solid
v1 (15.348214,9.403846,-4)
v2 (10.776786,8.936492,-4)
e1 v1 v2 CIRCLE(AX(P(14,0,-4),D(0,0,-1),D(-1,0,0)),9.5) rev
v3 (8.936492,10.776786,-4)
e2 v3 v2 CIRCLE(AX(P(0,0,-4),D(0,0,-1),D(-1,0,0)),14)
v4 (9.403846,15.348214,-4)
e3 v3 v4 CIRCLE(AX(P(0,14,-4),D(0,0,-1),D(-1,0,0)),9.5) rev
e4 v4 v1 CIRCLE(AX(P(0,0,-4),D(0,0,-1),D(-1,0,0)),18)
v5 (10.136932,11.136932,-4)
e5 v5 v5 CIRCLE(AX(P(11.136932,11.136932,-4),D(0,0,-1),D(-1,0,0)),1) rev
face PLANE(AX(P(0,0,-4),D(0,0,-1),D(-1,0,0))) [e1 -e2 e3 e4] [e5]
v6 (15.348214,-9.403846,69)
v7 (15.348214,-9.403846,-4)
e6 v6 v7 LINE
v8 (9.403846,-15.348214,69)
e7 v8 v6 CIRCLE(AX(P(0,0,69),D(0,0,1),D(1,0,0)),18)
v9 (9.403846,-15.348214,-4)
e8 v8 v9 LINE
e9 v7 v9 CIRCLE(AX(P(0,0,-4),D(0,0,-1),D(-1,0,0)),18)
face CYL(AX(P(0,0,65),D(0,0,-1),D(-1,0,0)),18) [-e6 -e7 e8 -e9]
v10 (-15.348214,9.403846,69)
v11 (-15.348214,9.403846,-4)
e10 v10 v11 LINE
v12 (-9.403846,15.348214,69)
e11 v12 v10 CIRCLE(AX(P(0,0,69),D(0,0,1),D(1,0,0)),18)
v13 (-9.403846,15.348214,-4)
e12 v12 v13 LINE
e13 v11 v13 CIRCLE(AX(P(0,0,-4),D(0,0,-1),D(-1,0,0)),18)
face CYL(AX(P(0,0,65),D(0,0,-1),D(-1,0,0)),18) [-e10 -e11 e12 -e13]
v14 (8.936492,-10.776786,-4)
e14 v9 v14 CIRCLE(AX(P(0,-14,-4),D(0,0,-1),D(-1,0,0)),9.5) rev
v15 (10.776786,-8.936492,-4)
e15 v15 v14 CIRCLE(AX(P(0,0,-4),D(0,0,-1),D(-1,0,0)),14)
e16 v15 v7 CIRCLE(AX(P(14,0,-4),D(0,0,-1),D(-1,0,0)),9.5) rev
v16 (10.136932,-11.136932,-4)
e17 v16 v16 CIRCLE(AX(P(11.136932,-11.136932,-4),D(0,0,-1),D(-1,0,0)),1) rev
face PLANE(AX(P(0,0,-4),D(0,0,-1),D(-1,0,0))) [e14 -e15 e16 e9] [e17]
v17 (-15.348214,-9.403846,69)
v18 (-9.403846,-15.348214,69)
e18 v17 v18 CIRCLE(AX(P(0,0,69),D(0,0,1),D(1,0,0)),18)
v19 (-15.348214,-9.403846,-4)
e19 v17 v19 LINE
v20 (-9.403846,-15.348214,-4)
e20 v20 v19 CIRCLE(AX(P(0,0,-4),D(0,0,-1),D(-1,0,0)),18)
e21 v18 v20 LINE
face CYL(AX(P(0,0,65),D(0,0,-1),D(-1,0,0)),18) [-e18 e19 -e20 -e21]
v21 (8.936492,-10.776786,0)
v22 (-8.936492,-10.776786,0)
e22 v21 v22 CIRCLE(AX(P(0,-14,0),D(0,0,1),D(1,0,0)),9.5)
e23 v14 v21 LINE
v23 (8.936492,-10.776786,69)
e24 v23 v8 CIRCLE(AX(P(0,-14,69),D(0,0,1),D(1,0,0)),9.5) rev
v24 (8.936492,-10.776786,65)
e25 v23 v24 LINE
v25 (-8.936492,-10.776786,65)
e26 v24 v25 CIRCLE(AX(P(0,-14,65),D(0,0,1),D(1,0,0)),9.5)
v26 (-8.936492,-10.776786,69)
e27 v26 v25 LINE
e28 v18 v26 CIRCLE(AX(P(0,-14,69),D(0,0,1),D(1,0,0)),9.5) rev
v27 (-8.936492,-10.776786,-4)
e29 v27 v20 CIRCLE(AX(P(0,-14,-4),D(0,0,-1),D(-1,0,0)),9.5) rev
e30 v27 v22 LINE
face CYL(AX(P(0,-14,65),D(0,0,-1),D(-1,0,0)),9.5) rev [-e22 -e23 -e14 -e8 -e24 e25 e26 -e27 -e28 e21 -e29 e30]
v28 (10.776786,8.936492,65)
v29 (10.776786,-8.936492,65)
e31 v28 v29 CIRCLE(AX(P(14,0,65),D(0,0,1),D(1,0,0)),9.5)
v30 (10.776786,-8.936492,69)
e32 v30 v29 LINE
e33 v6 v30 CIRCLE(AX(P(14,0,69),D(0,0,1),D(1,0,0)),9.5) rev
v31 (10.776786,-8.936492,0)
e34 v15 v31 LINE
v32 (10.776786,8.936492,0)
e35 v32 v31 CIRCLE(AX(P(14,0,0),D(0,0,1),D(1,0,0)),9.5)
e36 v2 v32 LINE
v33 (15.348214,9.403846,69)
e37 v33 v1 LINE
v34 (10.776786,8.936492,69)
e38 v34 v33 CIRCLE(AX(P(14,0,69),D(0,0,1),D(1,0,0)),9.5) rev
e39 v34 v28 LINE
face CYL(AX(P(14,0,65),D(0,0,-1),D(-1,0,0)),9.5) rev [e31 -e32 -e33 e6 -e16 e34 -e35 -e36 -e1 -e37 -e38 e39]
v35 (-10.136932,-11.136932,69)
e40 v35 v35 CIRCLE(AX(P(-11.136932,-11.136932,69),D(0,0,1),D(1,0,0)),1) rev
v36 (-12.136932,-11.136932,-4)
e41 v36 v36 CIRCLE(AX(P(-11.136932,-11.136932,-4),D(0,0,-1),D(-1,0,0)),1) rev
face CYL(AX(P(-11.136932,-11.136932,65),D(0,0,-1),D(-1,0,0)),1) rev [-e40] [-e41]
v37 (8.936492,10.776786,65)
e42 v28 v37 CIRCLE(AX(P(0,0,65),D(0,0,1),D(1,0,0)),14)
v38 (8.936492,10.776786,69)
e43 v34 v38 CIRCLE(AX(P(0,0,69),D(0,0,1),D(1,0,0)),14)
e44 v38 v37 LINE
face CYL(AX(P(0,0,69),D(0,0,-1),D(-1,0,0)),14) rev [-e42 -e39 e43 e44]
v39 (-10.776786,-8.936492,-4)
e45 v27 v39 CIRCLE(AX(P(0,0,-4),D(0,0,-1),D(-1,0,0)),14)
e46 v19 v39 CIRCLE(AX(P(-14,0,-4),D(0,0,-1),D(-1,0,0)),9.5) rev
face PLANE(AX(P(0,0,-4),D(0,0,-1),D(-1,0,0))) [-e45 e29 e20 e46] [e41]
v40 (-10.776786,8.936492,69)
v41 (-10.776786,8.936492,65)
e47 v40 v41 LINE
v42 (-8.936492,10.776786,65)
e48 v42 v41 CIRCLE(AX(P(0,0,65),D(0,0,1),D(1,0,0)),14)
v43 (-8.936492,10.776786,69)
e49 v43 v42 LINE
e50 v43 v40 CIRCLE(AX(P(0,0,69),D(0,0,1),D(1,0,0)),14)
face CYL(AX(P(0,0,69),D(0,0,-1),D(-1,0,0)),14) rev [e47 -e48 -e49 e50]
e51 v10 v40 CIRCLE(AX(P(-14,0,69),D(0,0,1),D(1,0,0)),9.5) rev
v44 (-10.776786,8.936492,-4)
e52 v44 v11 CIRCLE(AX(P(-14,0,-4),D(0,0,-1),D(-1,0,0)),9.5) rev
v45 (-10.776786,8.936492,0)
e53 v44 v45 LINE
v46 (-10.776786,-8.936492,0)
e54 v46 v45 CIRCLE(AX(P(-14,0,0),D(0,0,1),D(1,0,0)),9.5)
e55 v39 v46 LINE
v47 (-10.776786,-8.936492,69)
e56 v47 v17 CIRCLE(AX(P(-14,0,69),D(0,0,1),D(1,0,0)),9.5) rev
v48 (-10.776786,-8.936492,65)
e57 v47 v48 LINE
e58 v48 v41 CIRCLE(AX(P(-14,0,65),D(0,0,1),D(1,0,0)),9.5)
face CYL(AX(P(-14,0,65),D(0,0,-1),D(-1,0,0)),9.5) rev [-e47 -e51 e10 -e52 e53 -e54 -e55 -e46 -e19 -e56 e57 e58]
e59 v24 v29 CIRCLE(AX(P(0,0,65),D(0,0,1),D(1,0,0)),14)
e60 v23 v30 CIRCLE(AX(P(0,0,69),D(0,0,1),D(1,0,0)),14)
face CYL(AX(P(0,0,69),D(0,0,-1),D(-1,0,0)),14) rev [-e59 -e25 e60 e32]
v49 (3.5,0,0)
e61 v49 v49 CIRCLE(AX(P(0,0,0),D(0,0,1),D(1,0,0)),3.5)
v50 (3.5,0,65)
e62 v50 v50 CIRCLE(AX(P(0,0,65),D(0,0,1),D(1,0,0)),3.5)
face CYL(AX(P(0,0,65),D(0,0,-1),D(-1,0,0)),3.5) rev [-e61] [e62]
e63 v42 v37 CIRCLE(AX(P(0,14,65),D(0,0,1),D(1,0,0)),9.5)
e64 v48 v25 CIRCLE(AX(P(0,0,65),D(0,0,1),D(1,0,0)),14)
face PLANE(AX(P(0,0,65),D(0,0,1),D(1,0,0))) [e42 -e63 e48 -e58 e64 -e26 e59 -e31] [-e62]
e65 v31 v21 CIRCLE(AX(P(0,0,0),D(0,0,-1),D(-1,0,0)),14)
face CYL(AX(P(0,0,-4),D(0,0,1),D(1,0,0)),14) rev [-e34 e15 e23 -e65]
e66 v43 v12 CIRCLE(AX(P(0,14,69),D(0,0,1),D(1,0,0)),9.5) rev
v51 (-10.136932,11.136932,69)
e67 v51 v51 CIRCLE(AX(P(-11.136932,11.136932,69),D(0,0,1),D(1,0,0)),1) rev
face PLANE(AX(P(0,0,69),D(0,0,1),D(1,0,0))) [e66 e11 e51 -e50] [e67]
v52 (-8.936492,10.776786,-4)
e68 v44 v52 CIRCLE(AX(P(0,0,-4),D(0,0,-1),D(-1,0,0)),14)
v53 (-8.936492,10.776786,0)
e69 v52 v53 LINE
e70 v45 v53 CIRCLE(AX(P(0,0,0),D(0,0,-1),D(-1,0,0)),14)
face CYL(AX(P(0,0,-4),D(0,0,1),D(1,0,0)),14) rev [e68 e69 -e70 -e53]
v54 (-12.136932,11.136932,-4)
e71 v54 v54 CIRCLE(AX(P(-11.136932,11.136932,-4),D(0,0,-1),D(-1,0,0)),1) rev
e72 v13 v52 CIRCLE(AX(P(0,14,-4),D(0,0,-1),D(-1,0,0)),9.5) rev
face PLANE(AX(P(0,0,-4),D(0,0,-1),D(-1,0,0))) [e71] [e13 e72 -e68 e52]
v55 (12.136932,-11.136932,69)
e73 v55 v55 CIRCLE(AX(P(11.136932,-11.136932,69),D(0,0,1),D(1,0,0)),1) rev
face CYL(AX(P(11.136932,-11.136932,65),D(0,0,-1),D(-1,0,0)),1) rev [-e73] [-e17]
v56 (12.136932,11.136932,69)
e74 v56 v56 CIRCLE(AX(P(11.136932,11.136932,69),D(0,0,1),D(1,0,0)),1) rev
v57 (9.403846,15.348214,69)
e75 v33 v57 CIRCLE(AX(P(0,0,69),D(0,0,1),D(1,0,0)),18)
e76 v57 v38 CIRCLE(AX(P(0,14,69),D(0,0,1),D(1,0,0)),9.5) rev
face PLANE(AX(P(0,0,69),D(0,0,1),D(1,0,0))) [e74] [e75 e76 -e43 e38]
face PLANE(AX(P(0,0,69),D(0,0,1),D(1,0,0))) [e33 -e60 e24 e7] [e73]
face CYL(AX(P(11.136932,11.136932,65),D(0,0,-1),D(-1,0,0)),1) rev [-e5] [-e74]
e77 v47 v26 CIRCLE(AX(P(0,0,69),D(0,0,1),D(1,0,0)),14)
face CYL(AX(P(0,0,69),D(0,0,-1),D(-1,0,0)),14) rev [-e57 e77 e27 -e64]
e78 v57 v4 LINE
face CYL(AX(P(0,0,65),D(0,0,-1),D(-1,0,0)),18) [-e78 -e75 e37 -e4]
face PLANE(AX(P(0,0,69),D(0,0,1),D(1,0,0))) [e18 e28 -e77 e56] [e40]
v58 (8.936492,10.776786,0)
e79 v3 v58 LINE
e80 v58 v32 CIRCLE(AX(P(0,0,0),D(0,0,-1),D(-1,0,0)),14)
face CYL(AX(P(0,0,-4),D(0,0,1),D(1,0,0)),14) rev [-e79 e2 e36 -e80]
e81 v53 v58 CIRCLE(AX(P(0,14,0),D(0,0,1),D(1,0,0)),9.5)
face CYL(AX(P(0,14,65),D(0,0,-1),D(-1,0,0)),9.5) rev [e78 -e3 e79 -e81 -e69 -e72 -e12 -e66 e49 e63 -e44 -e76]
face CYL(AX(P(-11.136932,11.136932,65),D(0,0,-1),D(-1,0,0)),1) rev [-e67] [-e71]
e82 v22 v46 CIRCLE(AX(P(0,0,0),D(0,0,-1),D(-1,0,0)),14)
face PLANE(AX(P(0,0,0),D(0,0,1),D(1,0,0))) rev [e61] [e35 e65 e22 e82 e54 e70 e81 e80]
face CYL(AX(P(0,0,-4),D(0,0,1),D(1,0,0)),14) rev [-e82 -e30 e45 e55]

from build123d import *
from build123d.topology import SkipClean

# Parameters (mm, degrees)
SKETCH_1_R      = 1
SKETCH_1_R_2    = 3.5
EXTRUDE_1_DEPTH = 65
SKETCH_2_R      = 1
EXTRUDE_2_DEPTH = 4
EXTRUDE_START   = 4
SKETCH_3_R      = 1
EXTRUDE_3_DEPTH = 4


with BuildPart() as part:
    # Эскиз1 → Бобышка-Вытянуть1 (new body)
    with BuildSketch(Plane.XY):
        with BuildLine():
            ThreePointArc((15.348214286, -9.403845928), (4.5, 0), (15.348214286, 9.403845928))
            ThreePointArc((15.348214286, 9.403845928), (12.727922061, 12.727922061), (9.403845928, 15.348214286))
            ThreePointArc((9.403845928, 15.348214286), (9.475930992, 14.675819385), (9.5, 14))
            ThreePointArc((9.5, 14), (-0.675819385, 4.524069008), (-9.403845928, 15.348214286))
            ThreePointArc((-9.403845928, 15.348214286), (-12.727922061, 12.727922061), (-15.348214286, 9.403845928))
            ThreePointArc((-15.348214286, 9.403845928), (-7.777381408, 7.178371532), (-4.5, 0))
            ThreePointArc((-4.5, 0), (-7.777381408, -7.178371532), (-15.348214286, -9.403845928))
            ThreePointArc((-15.348214286, -9.403845928), (-12.727922061, -12.727922061), (-9.403845928, -15.348214286))
            ThreePointArc((-9.403845928, -15.348214286), (-0.675819385, -4.524069008), (9.5, -14))
            ThreePointArc((9.5, -14), (9.475930992, -14.675819385), (9.403845928, -15.348214286))
            ThreePointArc((9.403845928, -15.348214286), (12.727922061, -12.727922061), (15.348214286, -9.403845928))
        make_face()
        with Locations((-11.136931804, -11.136931804)):
            Circle(SKETCH_1_R, mode=Mode.SUBTRACT)
        with Locations((11.136931804, -11.136931804)):
            Circle(SKETCH_1_R, mode=Mode.SUBTRACT)
        Circle(SKETCH_1_R_2, mode=Mode.SUBTRACT)
        with Locations((-11.136931804, 11.136931804)):
            Circle(SKETCH_1_R, mode=Mode.SUBTRACT)
        with Locations((11.136931804, 11.136931804)):
            Circle(SKETCH_1_R, mode=Mode.SUBTRACT)
    extrude(amount=EXTRUDE_1_DEPTH)

    # Эскиз2 → Бобышка-Вытянуть2 (add)
    # profile 1 of 4: a face of its own
    with BuildSketch(Plane.XY.offset(65)):
        with BuildLine():
            ThreePointArc((-9.403845928, -15.348214286), (-9.450740121, -13.033816183), (-8.936492023, -10.776785714))
            ThreePointArc((-8.936492023, -10.776785714), (-9.899494937, -9.899494937), (-10.776785714, -8.936492023))
            ThreePointArc((-10.776785714, -8.936492023), (-13.033816183, -9.450740121), (-15.348214286, -9.403845928))
            ThreePointArc((-15.348214286, -9.403845928), (-12.727922061, -12.727922061), (-9.403845928, -15.348214286))
        make_face()
        with Locations((-11.136931804, -11.136931804)):
            Circle(SKETCH_2_R, mode=Mode.SUBTRACT)
    # profile 2 of 4: a face of its own
    with BuildSketch(Plane.XY.offset(65)):
        with BuildLine():
            ThreePointArc((15.348214286, -9.403845928), (13.033816183, -9.450740121), (10.776785714, -8.936492023))
            ThreePointArc((10.776785714, -8.936492023), (9.899494937, -9.899494937), (8.936492023, -10.776785714))
            ThreePointArc((8.936492023, -10.776785714), (9.358062679, -12.363948994), (9.5, -14))
            ThreePointArc((9.5, -14), (9.475930992, -14.675819385), (9.403845928, -15.348214286))
            ThreePointArc((9.403845928, -15.348214286), (12.727922061, -12.727922061), (15.348214286, -9.403845928))
        make_face()
        with Locations((11.136931804, -11.136931804)):
            Circle(SKETCH_2_R, mode=Mode.SUBTRACT)
    # profile 3 of 4: a face of its own
    with BuildSketch(Plane.XY.offset(65)):
        with BuildLine():
            ThreePointArc((8.936492023, 10.776785714), (9.899494937, 9.899494937), (10.776785714, 8.936492023))
            ThreePointArc((10.776785714, 8.936492023), (13.033816183, 9.450740121), (15.348214286, 9.403845928))
            ThreePointArc((15.348214286, 9.403845928), (12.727922061, 12.727922061), (9.403845928, 15.348214286))
            ThreePointArc((9.403845928, 15.348214286), (9.475930992, 14.675819385), (9.5, 14))
            ThreePointArc((9.5, 14), (9.358062679, 12.363948994), (8.936492023, 10.776785714))
        make_face()
        with Locations((11.136931804, 11.136931804)):
            Circle(SKETCH_2_R, mode=Mode.SUBTRACT)
    # profile 4 of 4: a face of its own
    with BuildSketch(Plane.XY.offset(65)):
        with BuildLine():
            ThreePointArc((-10.776785714, 8.936492023), (-9.899494937, 9.899494937), (-8.936492023, 10.776785714))
            ThreePointArc((-8.936492023, 10.776785714), (-9.450740121, 13.033816183), (-9.403845928, 15.348214286))
            ThreePointArc((-9.403845928, 15.348214286), (-12.727922061, 12.727922061), (-15.348214286, 9.403845928))
            ThreePointArc((-15.348214286, 9.403845928), (-13.033816183, 9.450740121), (-10.776785714, 8.936492023))
        make_face()
        with Locations((-11.136931804, 11.136931804)):
            Circle(SKETCH_2_R, mode=Mode.SUBTRACT)
    extrude(amount=EXTRUDE_2_DEPTH)

    # Эскиз3 → Бобышка-Вытянуть3 (add)
    # profile 1 of 4: a face of its own
    with SkipClean():  # the faces are left unmerged after this step: merging them gives an invalid solid
        with BuildSketch(Plane(origin=(0, 0, 0), x_dir=(-1, 0, 0), z_dir=(0, 0, -1)).offset(EXTRUDE_START)):
            with BuildLine():
                ThreePointArc((-9.403845928, 15.348214286), (-12.727922061, 12.727922061), (-15.348214286, 9.403845928))
                ThreePointArc((-15.348214286, 9.403845928), (-13.033816183, 9.450740121), (-10.776785714, 8.936492023))
                ThreePointArc((-10.776785714, 8.936492023), (-9.899494937, 9.899494937), (-8.936492023, 10.776785714))
                ThreePointArc((-8.936492023, 10.776785714), (-9.450740121, 13.033816183), (-9.403845928, 15.348214286))
            make_face()
            with Locations((-11.136931804, 11.136931804)):
                Circle(SKETCH_3_R, mode=Mode.SUBTRACT)
        # profile 2 of 4: a face of its own
        with BuildSketch(Plane(origin=(0, 0, 0), x_dir=(-1, 0, 0), z_dir=(0, 0, -1)).offset(EXTRUDE_START)):
            with BuildLine():
                ThreePointArc((-15.348214286, -9.403845928), (-12.727922061, -12.727922061), (-9.403845928, -15.348214286))
                ThreePointArc((-9.403845928, -15.348214286), (-9.450740121, -13.033816183), (-8.936492023, -10.776785714))
                ThreePointArc((-8.936492023, -10.776785714), (-9.899494937, -9.899494937), (-10.776785714, -8.936492023))
                ThreePointArc((-10.776785714, -8.936492023), (-13.033816183, -9.450740121), (-15.348214286, -9.403845928))
            make_face()
            with Locations((-11.136931804, -11.136931804)):
                Circle(SKETCH_3_R, mode=Mode.SUBTRACT)
        # profile 3 of 4: a face of its own
        with BuildSketch(Plane(origin=(0, 0, 0), x_dir=(-1, 0, 0), z_dir=(0, 0, -1)).offset(EXTRUDE_START)):
            with BuildLine():
                ThreePointArc((9.5, -14), (9.475930992, -14.675819385), (9.403845928, -15.348214286))
                ThreePointArc((9.403845928, -15.348214286), (12.727922061, -12.727922061), (15.348214286, -9.403845928))
                ThreePointArc((15.348214286, -9.403845928), (13.033816183, -9.450740121), (10.776785714, -8.936492023))
                ThreePointArc((10.776785714, -8.936492023), (9.899494937, -9.899494937), (8.936492023, -10.776785714))
                ThreePointArc((8.936492023, -10.776785714), (9.358062679, -12.363948994), (9.5, -14))
            make_face()
            with Locations((11.136931804, -11.136931804)):
                Circle(SKETCH_3_R, mode=Mode.SUBTRACT)
        # profile 4 of 4: a face of its own
        with BuildSketch(Plane(origin=(0, 0, 0), x_dir=(-1, 0, 0), z_dir=(0, 0, -1)).offset(EXTRUDE_START)):
            with BuildLine():
                ThreePointArc((10.776785714, 8.936492023), (13.033816183, 9.450740121), (15.348214286, 9.403845928))
                ThreePointArc((15.348214286, 9.403845928), (12.727922061, 12.727922061), (9.403845928, 15.348214286))
                ThreePointArc((9.403845928, 15.348214286), (9.475930992, 14.675819385), (9.5, 14))
                ThreePointArc((9.5, 14), (9.358062679, 12.363948994), (8.936492023, 10.776785714))
                ThreePointArc((8.936492023, 10.776785714), (9.899494937, 9.899494937), (10.776785714, 8.936492023))
            make_face()
            with Locations((11.136931804, 11.136931804)):
                Circle(SKETCH_3_R, mode=Mode.SUBTRACT)
        extrude(amount=-EXTRUDE_3_DEPTH)


solid = part.part
